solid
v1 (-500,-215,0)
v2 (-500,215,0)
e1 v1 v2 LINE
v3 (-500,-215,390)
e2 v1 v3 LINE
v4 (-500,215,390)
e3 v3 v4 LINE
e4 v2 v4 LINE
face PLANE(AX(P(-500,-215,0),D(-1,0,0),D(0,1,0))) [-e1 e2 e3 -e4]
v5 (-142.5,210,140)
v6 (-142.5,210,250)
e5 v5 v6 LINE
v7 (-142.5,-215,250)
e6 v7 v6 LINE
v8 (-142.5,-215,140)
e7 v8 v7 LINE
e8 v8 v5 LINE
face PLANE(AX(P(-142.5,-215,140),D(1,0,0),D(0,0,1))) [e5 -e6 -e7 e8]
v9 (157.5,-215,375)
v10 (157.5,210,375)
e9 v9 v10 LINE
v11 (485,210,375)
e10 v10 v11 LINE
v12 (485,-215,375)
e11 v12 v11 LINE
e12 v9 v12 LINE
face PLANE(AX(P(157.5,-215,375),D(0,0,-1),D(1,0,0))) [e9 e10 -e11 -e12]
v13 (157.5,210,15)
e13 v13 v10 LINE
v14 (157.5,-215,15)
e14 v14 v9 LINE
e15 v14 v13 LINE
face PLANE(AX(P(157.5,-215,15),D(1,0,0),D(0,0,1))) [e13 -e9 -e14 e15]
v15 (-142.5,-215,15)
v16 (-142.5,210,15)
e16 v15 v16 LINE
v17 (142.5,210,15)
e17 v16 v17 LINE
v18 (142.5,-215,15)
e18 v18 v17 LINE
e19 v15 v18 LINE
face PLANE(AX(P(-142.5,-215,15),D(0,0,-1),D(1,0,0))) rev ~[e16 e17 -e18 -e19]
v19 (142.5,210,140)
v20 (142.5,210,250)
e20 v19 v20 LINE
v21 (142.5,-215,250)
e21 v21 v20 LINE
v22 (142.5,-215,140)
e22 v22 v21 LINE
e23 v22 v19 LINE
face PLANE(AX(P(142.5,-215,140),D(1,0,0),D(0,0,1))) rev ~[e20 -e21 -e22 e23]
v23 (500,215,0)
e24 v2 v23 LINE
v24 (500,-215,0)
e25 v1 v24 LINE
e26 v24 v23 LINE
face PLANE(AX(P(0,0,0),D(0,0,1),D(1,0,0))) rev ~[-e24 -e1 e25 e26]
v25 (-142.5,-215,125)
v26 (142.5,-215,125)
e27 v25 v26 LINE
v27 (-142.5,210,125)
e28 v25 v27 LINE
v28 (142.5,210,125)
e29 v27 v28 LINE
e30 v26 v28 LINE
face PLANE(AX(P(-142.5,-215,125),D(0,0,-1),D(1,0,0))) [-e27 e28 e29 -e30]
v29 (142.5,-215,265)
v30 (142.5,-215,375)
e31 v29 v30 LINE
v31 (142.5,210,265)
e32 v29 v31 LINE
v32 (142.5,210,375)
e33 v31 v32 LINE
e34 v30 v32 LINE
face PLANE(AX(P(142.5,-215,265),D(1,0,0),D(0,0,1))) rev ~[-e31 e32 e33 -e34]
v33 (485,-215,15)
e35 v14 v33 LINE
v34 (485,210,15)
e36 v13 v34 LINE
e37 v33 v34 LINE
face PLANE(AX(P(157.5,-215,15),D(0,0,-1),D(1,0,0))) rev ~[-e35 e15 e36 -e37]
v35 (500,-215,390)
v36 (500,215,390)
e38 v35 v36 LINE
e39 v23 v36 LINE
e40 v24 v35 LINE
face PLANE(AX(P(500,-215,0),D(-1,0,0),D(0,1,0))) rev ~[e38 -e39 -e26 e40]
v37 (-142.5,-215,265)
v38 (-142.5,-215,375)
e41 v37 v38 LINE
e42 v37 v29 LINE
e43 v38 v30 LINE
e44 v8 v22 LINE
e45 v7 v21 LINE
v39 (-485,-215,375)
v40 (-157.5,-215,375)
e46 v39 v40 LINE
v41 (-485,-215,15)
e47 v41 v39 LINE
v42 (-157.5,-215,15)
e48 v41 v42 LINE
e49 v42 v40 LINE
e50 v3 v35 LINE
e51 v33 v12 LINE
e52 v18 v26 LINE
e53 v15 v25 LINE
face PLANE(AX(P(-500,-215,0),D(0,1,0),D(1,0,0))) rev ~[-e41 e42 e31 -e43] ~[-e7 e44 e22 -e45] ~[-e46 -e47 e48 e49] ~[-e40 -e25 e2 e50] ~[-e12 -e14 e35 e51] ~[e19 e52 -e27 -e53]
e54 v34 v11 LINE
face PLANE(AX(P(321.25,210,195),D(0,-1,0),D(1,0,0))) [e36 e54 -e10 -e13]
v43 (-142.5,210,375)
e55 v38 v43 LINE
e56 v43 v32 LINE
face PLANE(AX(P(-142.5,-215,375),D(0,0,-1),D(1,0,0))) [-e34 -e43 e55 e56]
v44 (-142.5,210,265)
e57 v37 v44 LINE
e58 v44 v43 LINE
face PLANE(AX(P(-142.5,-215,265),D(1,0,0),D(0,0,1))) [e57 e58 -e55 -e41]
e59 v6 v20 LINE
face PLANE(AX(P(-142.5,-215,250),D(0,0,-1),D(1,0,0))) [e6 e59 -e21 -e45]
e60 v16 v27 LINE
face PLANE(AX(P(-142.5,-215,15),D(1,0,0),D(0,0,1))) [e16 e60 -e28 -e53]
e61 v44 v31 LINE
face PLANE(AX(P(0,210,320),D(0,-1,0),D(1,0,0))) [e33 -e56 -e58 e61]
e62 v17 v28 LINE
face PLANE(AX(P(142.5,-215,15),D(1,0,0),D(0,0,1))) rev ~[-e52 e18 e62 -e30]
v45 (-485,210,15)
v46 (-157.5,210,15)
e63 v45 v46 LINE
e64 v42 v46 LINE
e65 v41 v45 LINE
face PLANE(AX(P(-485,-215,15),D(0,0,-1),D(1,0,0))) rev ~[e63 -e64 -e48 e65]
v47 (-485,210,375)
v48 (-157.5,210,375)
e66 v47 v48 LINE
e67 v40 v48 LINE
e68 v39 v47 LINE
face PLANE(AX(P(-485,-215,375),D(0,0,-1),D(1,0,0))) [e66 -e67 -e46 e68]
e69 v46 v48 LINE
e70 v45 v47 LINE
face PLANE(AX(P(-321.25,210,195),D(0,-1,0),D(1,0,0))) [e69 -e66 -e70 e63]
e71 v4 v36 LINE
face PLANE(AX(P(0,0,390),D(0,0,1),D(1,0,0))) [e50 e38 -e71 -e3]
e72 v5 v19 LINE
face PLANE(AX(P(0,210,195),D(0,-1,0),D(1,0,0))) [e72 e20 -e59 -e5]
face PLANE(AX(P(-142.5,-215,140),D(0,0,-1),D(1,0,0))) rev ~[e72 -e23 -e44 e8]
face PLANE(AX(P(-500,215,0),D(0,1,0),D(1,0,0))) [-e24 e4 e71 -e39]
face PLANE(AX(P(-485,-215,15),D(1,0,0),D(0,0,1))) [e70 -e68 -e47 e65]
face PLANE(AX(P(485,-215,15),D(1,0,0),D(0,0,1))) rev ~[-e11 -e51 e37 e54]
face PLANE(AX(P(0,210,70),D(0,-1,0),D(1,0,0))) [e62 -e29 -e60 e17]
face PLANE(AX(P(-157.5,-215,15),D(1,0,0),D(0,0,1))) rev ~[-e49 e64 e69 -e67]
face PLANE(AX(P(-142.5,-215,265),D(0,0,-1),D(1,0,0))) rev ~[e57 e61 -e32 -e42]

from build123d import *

# Parameters (mm, degrees)
F0_W     = 1000
F0_H     = 430
F1_DEPTH = 390
F2_W     = 285
F2_H     = 110
F2_W_2   = 327.5
F2_H_2   = 360
F3_DEPTH = 425


with BuildPart() as f1:
    # F0 (on Top) → F1 (new body)
    with BuildSketch(Plane.XY):
        Rectangle(F0_W, F0_H)
    extrude(amount=F1_DEPTH)

    # F2 (on face) → F3 (cut)
    with BuildSketch(Plane.XZ.offset(215)):
        with Locations((0, 195)):
            Rectangle(F2_W, F2_H)
        with Locations((0, 320)):
            Rectangle(F2_W, F2_H)
        with Locations((321.25, 195)):
            Rectangle(F2_W_2, F2_H_2)
        with Locations((-321.25, 195)):
            Rectangle(F2_W_2, F2_H_2)
        with Locations((0, 70)):
            Rectangle(F2_W, F2_H)
    extrude(amount=-F3_DEPTH, mode=Mode.SUBTRACT)


solid = f1.part
